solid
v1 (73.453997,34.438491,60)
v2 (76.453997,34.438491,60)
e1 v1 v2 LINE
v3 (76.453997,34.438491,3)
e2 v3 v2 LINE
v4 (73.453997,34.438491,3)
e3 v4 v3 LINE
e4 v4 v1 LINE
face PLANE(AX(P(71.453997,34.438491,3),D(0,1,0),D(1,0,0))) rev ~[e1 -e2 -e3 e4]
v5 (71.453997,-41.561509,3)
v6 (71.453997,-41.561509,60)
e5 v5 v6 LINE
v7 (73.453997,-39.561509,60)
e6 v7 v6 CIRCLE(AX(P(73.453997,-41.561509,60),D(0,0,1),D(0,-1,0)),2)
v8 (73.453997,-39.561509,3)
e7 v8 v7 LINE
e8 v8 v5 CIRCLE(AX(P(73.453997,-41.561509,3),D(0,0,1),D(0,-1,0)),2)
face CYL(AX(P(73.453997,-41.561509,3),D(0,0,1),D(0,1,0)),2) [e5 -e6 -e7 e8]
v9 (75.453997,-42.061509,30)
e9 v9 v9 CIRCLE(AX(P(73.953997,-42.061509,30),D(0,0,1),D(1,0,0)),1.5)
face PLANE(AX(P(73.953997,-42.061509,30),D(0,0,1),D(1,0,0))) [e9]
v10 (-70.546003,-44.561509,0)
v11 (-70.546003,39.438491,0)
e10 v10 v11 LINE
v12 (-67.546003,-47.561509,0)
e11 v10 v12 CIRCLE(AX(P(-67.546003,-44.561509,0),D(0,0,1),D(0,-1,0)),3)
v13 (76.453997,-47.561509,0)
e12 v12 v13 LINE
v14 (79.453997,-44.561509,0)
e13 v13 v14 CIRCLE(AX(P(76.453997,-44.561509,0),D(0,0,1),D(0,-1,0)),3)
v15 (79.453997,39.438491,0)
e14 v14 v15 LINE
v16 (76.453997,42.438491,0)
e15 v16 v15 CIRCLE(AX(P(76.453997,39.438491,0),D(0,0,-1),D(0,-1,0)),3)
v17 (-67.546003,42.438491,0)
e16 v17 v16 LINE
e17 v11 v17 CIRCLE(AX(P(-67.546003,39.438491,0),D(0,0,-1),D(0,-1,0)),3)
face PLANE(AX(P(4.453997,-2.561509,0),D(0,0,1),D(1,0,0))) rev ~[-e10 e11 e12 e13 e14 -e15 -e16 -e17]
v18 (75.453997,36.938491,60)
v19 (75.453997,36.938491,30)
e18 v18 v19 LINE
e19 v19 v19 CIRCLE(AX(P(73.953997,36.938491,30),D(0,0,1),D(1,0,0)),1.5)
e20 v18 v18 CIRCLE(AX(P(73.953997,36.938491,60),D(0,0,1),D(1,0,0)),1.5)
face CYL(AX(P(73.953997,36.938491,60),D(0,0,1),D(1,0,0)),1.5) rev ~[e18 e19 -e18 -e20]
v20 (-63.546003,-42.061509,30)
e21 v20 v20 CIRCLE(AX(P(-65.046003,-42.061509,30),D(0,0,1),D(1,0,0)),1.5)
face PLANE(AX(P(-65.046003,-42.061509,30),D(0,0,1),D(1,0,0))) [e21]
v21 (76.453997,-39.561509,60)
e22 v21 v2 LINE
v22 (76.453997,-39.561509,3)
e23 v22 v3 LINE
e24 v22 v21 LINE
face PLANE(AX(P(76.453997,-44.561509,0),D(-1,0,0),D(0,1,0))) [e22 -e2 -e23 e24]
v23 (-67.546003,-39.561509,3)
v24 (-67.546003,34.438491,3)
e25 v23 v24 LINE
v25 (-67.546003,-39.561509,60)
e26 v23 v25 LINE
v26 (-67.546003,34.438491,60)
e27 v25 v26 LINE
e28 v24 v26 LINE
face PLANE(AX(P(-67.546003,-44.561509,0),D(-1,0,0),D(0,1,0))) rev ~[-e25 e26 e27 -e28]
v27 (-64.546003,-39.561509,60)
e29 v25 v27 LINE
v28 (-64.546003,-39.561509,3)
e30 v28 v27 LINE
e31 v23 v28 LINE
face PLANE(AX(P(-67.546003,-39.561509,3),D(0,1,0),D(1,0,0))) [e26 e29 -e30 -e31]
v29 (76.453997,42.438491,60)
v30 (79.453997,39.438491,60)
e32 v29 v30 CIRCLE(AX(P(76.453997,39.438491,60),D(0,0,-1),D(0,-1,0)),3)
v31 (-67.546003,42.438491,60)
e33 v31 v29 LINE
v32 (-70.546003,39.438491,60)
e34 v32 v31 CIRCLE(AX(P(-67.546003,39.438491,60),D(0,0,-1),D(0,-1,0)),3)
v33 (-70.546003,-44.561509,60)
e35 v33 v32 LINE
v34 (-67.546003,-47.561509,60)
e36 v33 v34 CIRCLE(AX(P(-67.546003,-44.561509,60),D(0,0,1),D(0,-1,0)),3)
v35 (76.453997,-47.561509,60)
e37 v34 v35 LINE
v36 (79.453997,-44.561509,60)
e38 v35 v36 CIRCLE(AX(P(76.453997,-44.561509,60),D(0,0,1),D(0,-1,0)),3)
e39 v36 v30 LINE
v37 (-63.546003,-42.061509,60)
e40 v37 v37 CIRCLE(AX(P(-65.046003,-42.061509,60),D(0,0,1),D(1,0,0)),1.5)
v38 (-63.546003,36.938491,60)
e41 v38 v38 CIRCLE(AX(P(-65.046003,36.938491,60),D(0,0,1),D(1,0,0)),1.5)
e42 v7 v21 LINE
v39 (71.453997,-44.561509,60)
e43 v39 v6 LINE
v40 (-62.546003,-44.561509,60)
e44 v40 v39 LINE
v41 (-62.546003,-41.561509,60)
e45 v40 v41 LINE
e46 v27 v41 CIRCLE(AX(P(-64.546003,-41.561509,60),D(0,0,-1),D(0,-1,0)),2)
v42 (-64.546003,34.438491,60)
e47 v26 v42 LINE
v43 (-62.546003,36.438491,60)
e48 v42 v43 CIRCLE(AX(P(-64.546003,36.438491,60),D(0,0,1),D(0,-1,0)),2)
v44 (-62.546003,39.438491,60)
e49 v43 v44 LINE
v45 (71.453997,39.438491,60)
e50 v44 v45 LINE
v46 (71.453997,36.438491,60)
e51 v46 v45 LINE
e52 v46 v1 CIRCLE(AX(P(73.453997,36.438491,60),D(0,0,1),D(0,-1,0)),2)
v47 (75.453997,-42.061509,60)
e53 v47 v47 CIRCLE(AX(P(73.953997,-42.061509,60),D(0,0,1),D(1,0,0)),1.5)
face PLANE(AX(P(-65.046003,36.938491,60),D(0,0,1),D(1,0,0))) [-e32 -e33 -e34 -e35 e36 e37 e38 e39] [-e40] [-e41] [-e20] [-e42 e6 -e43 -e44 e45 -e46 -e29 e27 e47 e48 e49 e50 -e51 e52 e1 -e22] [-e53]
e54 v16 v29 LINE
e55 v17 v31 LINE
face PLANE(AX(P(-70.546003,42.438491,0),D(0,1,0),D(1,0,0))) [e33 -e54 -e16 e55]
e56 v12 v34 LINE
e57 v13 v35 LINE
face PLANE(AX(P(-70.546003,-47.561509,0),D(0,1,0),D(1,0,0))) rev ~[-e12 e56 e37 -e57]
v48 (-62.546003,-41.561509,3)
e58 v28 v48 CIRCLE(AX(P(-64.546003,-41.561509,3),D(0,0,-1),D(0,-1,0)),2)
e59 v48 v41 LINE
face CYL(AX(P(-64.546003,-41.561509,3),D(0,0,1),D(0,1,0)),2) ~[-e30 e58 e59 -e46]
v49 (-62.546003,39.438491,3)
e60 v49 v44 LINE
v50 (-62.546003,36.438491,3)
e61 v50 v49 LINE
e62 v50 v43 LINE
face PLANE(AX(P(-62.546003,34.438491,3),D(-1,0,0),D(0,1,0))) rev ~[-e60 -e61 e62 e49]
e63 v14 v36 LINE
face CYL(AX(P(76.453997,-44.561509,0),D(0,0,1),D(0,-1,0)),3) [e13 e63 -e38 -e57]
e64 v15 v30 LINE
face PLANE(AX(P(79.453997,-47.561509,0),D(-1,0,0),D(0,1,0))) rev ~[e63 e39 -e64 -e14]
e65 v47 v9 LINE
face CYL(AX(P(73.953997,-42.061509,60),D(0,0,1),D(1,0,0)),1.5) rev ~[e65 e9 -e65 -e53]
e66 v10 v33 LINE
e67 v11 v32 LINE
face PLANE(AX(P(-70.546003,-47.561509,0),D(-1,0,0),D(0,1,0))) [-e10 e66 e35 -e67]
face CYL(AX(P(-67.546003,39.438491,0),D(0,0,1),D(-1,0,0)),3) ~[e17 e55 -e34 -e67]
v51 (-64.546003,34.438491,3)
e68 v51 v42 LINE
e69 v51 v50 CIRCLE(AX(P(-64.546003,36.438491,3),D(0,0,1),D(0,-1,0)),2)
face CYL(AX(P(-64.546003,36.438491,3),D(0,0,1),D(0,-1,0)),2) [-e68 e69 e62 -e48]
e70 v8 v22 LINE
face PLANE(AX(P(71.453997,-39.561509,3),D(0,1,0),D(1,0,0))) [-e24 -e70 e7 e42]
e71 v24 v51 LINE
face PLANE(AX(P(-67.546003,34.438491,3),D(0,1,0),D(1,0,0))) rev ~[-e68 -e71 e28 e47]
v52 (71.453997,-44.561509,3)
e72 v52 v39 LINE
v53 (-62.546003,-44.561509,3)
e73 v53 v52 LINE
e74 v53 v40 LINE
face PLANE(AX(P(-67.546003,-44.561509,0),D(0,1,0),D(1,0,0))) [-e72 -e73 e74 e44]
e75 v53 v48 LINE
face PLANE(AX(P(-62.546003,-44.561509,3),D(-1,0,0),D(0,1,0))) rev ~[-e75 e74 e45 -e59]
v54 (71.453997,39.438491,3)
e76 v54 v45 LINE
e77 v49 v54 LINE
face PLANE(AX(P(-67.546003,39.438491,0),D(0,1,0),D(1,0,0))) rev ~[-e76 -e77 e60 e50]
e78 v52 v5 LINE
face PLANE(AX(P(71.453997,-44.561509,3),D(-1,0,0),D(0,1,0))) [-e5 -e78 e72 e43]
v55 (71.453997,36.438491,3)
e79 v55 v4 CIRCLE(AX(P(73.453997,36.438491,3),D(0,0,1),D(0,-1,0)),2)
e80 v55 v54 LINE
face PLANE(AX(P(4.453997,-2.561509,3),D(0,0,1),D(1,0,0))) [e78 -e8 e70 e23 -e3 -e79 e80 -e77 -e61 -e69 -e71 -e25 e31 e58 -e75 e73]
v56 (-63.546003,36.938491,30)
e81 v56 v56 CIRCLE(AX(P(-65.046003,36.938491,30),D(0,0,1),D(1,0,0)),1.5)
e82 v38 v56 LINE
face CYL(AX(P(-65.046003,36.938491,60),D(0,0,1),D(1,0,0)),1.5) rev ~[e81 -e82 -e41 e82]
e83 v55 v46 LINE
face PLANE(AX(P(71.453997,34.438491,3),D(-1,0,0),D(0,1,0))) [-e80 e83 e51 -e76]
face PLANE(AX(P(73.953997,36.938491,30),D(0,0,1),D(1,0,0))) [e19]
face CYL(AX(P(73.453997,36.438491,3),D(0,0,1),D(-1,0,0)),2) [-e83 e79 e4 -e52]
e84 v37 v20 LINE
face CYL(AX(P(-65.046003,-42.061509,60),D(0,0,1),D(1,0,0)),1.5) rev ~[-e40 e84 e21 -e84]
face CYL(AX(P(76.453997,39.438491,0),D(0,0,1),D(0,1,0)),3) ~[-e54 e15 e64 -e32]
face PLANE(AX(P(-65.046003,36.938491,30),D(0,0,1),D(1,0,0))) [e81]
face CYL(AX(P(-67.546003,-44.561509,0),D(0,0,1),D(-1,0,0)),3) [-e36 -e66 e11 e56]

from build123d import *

# Parameters (mm, degrees)
F0_W     = 144
F0_H     = 84
F1_DEPTH = 3
F0_W_2   = 150
F0_H_2   = 90
F2_DEPTH = 60
F3_R     = 3
F4_W     = 5
F4_H     = 5
F5_DEPTH = 57
F6_R     = 1.5
F7_DEPTH = 30
F8_R     = 2


with BuildPart() as f1:
    # F0 (on Top) → F1 (new body)
    with BuildSketch(Plane.XY):
        with Locations((4.453997, -2.561509)):
            Rectangle(F0_W, F0_H)
    extrude(amount=F1_DEPTH)

    # F0 (on Top) → F2 (join)
    with BuildSketch(Plane.XY):
        with Locations((4.453997, -2.561509)):
            Rectangle(F0_W_2, F0_H_2)
        with Locations((4.453997, -2.561509)):
            Rectangle(F0_W, F0_H, mode=Mode.SUBTRACT)
    extrude(amount=F2_DEPTH)

    # F3
    f3_edges = [f1.edges().sort_by_distance(p)[0] for p in [
        (-70.546003, 42.438491, 30),
        (-70.546003, -47.561509, 30),
        (79.453997, -47.561509, 30),
        (79.453997, 42.438491, 30),
    ]]
    fillet(f3_edges, radius=F3_R)

    # F4 (on face) → F5 (join)
    with BuildSketch(Plane.XY.offset(3)):
        with Locations((-65.046003, 36.938491)):
            Rectangle(F4_W, F4_H)
        with Locations((-65.046003, -42.061509)):
            Rectangle(F4_W, F4_H)
        with Locations((73.953997, 36.938491)):
            Rectangle(F4_W, F4_H)
        with Locations((73.953997, -42.061509)):
            Rectangle(F4_W, F4_H)
    extrude(amount=F5_DEPTH)

    # F6 (on face) → F7 (cut)
    with BuildSketch(Plane.XY.offset(60)):
        with Locations((-65.046003, 36.938491)):
            Circle(F6_R)
        with Locations((-65.046003, -42.061509)):
            Circle(F6_R)
        with Locations((73.953997, -42.061509)):
            Circle(F6_R)
        with Locations((73.953997, 36.938491)):
            Circle(F6_R)
    extrude(amount=-F7_DEPTH, mode=Mode.SUBTRACT)

    # F8
    f8_edges = [f1.edges().sort_by_distance(p)[0] for p in [
        (-62.546003, 34.438491, 31.5),
        (71.453997, 34.438491, 31.5),
        (71.453997, -39.561509, 31.5),
        (-62.546003, -39.561509, 31.5),
    ]]
    fillet(f8_edges, radius=F8_R)


solid = f1.part
